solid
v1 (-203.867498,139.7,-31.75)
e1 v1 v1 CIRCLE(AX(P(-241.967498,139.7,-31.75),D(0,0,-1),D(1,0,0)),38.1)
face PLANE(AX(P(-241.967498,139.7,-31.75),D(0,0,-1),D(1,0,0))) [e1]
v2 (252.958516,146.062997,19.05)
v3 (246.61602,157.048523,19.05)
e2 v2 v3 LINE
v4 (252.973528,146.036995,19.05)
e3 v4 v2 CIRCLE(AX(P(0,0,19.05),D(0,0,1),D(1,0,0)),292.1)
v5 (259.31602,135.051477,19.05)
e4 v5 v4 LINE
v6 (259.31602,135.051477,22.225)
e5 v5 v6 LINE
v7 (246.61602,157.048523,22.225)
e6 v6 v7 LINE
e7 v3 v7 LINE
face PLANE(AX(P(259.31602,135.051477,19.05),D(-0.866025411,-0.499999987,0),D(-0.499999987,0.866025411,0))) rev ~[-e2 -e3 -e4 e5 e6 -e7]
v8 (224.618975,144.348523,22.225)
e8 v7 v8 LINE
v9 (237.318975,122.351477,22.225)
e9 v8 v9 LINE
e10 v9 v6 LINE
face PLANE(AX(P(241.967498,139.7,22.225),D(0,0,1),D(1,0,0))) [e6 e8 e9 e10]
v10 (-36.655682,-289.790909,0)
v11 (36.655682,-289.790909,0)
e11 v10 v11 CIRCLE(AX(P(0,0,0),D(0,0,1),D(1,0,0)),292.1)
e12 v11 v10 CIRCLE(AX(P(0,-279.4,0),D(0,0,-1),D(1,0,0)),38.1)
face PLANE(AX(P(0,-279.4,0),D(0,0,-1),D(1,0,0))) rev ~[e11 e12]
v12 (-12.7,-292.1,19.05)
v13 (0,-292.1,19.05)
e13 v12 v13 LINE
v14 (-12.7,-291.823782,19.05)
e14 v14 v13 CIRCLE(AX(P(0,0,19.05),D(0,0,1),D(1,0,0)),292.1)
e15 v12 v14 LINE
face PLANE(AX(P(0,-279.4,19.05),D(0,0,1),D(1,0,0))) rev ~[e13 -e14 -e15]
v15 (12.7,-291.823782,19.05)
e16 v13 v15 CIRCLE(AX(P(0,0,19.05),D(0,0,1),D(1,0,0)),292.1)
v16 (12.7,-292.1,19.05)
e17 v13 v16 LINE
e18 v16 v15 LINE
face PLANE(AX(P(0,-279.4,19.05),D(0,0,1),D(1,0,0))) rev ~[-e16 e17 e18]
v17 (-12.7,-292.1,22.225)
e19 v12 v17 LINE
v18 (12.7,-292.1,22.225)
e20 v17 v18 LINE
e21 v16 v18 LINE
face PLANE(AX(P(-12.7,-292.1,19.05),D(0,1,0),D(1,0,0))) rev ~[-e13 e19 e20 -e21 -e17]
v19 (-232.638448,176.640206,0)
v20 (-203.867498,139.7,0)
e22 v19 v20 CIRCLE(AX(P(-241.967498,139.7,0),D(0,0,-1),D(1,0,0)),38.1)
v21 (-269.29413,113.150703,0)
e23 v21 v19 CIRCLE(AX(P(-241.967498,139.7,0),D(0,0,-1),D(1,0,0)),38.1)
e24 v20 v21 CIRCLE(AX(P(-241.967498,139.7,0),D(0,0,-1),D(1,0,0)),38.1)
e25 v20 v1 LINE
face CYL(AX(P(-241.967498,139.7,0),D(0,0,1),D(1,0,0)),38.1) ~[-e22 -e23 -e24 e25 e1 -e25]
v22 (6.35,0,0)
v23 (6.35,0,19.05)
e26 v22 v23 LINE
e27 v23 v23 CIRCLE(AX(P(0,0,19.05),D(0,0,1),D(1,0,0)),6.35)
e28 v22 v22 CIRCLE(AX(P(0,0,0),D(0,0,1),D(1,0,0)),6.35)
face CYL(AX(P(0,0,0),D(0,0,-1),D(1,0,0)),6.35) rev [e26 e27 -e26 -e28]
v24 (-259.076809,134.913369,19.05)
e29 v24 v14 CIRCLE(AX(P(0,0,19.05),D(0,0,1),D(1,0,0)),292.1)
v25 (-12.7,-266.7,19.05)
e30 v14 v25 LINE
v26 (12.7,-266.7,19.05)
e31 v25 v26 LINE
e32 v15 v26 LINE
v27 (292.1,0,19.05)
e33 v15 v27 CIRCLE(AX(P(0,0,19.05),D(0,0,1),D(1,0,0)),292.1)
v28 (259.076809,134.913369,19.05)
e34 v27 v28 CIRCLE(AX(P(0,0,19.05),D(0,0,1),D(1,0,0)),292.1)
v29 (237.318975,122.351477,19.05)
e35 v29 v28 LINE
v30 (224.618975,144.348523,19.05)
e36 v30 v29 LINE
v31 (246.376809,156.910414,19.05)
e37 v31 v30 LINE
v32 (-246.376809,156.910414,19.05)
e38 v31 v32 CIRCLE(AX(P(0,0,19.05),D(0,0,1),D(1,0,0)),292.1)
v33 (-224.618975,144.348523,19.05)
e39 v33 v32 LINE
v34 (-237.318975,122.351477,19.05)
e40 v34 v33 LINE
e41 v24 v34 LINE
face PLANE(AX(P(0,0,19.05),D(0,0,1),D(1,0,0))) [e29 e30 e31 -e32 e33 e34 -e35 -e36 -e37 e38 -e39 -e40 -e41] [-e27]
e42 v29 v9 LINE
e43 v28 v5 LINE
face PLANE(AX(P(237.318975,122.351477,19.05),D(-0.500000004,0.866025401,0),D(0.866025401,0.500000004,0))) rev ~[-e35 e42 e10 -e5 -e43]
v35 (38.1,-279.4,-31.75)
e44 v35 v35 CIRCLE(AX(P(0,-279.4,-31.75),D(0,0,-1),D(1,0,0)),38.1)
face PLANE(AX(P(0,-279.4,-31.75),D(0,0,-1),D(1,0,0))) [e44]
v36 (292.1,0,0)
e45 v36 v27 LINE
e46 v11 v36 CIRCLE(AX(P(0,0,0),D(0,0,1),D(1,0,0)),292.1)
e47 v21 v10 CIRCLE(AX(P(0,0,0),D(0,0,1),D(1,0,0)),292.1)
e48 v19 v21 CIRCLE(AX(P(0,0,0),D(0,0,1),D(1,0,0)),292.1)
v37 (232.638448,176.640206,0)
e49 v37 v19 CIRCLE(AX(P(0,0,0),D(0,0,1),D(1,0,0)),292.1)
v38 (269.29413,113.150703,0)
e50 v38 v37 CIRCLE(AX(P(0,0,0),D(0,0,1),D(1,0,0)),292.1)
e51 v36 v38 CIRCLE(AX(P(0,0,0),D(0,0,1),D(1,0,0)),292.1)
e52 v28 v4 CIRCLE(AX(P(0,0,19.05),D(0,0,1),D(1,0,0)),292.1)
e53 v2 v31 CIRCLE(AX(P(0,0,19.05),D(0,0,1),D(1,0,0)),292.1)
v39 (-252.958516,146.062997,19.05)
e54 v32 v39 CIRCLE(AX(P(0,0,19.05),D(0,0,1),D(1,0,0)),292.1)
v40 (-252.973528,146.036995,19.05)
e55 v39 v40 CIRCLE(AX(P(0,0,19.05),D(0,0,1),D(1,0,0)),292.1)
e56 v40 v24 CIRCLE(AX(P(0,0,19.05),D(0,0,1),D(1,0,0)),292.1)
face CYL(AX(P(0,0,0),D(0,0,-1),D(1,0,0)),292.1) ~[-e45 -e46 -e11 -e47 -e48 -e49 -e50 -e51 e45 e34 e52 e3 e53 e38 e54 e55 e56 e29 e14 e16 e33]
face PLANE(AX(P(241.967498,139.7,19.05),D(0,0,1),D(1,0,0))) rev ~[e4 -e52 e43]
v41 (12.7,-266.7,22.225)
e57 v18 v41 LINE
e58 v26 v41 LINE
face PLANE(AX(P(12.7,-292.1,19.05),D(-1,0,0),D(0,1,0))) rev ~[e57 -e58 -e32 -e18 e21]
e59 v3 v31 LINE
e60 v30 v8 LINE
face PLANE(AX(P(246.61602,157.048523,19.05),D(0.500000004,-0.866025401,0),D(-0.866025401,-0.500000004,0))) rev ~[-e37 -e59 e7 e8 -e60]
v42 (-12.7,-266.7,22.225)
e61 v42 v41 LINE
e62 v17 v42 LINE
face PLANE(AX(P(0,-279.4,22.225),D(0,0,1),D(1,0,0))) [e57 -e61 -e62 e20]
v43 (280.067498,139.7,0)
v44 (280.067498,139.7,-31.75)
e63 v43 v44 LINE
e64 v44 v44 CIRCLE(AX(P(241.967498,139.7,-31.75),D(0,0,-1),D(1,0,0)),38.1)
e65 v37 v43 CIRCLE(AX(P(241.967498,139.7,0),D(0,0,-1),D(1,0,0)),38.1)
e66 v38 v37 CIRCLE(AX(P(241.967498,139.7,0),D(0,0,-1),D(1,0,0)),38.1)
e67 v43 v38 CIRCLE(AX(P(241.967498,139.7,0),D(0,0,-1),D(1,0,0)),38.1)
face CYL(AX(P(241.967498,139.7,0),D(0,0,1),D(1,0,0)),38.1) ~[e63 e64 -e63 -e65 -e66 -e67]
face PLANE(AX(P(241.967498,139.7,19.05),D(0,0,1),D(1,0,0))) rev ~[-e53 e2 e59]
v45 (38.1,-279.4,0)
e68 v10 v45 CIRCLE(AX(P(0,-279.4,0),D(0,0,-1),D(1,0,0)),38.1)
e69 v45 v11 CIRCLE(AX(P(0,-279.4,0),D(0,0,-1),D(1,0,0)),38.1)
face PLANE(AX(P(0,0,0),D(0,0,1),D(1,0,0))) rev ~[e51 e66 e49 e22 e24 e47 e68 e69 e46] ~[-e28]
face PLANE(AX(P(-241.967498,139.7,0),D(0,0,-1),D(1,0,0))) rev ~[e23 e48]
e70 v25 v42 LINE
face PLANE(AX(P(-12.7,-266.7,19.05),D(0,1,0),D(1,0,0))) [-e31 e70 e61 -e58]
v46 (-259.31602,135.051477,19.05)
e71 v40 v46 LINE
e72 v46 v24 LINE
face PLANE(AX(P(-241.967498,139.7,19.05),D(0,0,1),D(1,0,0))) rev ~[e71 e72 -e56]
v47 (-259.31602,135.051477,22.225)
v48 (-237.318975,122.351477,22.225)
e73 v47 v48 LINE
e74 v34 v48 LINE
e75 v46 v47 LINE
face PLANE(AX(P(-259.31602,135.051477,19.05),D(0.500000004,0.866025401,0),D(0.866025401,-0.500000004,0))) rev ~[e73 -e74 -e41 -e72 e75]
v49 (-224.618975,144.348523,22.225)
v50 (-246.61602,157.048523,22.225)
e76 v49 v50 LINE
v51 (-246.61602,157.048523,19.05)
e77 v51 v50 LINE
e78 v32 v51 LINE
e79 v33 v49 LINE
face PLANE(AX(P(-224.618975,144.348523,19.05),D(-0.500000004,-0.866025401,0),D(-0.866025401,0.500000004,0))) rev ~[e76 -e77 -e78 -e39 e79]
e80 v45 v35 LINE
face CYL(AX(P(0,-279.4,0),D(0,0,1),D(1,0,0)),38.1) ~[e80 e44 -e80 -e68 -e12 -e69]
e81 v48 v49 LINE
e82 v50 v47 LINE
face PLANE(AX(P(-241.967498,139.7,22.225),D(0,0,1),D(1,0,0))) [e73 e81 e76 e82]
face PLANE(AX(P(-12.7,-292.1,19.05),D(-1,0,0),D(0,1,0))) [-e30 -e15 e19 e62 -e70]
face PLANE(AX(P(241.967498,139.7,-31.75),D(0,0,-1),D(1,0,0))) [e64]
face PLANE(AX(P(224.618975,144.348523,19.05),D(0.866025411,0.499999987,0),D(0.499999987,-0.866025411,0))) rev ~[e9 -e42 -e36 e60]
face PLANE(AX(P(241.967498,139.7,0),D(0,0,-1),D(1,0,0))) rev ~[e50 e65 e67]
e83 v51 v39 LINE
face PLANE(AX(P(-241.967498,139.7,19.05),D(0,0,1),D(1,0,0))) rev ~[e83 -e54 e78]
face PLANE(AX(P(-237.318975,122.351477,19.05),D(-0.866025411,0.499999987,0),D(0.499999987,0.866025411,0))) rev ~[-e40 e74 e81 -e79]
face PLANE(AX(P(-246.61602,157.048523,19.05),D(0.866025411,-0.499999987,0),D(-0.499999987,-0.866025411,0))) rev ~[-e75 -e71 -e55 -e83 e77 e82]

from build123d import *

# Parameters (mm, degrees)
SKETCH003_R   = 292.1
SKETCH003_R_2 = 6.35
PAD003_DEPTH  = 19.05
SKETCH004_R   = 38.1
PAD004_DEPTH  = 31.75
SKETCH005_W   = 25.4
SKETCH005_H   = 25.4
PAD005_DEPTH  = 3.175


with BuildPart() as part:
    # Sketch003 → Pad003 (new body)
    with BuildSketch(Plane.XY):
        Circle(SKETCH003_R)
        Circle(SKETCH003_R_2, mode=Mode.SUBTRACT)
    extrude(amount=PAD003_DEPTH)

    # Sketch004 (on Face3 of Pad003) → Pad004 (join)
    with BuildSketch(Plane(origin=(0, 0, 0), x_dir=(1, 0, 0), z_dir=(0, 0, -1))):
        with Locations((0, 279.4)):
            Circle(SKETCH004_R)
        with Locations((241.967498, -139.7)):
            Circle(SKETCH004_R)
        with Locations((-241.967498, -139.7)):
            Circle(SKETCH004_R)
    extrude(amount=PAD004_DEPTH)

    # Sketch005 (on Face6 of Pad004) → Pad005 (join)
    with BuildSketch(Plane.XY.offset(19.05)):
        Polygon((-237.318975, 122.351477), (-224.618975, 144.348523), (-246.61602, 157.048523), (-259.31602, 135.051477), align=None)
        Polygon((237.318975, 122.351477), (259.31602, 135.051477), (246.61602, 157.048523), (224.618975, 144.348523), align=None)
        with Locations((0, -279.4)):
            Rectangle(SKETCH005_W, SKETCH005_H)
    extrude(amount=PAD005_DEPTH)


solid = part.part
